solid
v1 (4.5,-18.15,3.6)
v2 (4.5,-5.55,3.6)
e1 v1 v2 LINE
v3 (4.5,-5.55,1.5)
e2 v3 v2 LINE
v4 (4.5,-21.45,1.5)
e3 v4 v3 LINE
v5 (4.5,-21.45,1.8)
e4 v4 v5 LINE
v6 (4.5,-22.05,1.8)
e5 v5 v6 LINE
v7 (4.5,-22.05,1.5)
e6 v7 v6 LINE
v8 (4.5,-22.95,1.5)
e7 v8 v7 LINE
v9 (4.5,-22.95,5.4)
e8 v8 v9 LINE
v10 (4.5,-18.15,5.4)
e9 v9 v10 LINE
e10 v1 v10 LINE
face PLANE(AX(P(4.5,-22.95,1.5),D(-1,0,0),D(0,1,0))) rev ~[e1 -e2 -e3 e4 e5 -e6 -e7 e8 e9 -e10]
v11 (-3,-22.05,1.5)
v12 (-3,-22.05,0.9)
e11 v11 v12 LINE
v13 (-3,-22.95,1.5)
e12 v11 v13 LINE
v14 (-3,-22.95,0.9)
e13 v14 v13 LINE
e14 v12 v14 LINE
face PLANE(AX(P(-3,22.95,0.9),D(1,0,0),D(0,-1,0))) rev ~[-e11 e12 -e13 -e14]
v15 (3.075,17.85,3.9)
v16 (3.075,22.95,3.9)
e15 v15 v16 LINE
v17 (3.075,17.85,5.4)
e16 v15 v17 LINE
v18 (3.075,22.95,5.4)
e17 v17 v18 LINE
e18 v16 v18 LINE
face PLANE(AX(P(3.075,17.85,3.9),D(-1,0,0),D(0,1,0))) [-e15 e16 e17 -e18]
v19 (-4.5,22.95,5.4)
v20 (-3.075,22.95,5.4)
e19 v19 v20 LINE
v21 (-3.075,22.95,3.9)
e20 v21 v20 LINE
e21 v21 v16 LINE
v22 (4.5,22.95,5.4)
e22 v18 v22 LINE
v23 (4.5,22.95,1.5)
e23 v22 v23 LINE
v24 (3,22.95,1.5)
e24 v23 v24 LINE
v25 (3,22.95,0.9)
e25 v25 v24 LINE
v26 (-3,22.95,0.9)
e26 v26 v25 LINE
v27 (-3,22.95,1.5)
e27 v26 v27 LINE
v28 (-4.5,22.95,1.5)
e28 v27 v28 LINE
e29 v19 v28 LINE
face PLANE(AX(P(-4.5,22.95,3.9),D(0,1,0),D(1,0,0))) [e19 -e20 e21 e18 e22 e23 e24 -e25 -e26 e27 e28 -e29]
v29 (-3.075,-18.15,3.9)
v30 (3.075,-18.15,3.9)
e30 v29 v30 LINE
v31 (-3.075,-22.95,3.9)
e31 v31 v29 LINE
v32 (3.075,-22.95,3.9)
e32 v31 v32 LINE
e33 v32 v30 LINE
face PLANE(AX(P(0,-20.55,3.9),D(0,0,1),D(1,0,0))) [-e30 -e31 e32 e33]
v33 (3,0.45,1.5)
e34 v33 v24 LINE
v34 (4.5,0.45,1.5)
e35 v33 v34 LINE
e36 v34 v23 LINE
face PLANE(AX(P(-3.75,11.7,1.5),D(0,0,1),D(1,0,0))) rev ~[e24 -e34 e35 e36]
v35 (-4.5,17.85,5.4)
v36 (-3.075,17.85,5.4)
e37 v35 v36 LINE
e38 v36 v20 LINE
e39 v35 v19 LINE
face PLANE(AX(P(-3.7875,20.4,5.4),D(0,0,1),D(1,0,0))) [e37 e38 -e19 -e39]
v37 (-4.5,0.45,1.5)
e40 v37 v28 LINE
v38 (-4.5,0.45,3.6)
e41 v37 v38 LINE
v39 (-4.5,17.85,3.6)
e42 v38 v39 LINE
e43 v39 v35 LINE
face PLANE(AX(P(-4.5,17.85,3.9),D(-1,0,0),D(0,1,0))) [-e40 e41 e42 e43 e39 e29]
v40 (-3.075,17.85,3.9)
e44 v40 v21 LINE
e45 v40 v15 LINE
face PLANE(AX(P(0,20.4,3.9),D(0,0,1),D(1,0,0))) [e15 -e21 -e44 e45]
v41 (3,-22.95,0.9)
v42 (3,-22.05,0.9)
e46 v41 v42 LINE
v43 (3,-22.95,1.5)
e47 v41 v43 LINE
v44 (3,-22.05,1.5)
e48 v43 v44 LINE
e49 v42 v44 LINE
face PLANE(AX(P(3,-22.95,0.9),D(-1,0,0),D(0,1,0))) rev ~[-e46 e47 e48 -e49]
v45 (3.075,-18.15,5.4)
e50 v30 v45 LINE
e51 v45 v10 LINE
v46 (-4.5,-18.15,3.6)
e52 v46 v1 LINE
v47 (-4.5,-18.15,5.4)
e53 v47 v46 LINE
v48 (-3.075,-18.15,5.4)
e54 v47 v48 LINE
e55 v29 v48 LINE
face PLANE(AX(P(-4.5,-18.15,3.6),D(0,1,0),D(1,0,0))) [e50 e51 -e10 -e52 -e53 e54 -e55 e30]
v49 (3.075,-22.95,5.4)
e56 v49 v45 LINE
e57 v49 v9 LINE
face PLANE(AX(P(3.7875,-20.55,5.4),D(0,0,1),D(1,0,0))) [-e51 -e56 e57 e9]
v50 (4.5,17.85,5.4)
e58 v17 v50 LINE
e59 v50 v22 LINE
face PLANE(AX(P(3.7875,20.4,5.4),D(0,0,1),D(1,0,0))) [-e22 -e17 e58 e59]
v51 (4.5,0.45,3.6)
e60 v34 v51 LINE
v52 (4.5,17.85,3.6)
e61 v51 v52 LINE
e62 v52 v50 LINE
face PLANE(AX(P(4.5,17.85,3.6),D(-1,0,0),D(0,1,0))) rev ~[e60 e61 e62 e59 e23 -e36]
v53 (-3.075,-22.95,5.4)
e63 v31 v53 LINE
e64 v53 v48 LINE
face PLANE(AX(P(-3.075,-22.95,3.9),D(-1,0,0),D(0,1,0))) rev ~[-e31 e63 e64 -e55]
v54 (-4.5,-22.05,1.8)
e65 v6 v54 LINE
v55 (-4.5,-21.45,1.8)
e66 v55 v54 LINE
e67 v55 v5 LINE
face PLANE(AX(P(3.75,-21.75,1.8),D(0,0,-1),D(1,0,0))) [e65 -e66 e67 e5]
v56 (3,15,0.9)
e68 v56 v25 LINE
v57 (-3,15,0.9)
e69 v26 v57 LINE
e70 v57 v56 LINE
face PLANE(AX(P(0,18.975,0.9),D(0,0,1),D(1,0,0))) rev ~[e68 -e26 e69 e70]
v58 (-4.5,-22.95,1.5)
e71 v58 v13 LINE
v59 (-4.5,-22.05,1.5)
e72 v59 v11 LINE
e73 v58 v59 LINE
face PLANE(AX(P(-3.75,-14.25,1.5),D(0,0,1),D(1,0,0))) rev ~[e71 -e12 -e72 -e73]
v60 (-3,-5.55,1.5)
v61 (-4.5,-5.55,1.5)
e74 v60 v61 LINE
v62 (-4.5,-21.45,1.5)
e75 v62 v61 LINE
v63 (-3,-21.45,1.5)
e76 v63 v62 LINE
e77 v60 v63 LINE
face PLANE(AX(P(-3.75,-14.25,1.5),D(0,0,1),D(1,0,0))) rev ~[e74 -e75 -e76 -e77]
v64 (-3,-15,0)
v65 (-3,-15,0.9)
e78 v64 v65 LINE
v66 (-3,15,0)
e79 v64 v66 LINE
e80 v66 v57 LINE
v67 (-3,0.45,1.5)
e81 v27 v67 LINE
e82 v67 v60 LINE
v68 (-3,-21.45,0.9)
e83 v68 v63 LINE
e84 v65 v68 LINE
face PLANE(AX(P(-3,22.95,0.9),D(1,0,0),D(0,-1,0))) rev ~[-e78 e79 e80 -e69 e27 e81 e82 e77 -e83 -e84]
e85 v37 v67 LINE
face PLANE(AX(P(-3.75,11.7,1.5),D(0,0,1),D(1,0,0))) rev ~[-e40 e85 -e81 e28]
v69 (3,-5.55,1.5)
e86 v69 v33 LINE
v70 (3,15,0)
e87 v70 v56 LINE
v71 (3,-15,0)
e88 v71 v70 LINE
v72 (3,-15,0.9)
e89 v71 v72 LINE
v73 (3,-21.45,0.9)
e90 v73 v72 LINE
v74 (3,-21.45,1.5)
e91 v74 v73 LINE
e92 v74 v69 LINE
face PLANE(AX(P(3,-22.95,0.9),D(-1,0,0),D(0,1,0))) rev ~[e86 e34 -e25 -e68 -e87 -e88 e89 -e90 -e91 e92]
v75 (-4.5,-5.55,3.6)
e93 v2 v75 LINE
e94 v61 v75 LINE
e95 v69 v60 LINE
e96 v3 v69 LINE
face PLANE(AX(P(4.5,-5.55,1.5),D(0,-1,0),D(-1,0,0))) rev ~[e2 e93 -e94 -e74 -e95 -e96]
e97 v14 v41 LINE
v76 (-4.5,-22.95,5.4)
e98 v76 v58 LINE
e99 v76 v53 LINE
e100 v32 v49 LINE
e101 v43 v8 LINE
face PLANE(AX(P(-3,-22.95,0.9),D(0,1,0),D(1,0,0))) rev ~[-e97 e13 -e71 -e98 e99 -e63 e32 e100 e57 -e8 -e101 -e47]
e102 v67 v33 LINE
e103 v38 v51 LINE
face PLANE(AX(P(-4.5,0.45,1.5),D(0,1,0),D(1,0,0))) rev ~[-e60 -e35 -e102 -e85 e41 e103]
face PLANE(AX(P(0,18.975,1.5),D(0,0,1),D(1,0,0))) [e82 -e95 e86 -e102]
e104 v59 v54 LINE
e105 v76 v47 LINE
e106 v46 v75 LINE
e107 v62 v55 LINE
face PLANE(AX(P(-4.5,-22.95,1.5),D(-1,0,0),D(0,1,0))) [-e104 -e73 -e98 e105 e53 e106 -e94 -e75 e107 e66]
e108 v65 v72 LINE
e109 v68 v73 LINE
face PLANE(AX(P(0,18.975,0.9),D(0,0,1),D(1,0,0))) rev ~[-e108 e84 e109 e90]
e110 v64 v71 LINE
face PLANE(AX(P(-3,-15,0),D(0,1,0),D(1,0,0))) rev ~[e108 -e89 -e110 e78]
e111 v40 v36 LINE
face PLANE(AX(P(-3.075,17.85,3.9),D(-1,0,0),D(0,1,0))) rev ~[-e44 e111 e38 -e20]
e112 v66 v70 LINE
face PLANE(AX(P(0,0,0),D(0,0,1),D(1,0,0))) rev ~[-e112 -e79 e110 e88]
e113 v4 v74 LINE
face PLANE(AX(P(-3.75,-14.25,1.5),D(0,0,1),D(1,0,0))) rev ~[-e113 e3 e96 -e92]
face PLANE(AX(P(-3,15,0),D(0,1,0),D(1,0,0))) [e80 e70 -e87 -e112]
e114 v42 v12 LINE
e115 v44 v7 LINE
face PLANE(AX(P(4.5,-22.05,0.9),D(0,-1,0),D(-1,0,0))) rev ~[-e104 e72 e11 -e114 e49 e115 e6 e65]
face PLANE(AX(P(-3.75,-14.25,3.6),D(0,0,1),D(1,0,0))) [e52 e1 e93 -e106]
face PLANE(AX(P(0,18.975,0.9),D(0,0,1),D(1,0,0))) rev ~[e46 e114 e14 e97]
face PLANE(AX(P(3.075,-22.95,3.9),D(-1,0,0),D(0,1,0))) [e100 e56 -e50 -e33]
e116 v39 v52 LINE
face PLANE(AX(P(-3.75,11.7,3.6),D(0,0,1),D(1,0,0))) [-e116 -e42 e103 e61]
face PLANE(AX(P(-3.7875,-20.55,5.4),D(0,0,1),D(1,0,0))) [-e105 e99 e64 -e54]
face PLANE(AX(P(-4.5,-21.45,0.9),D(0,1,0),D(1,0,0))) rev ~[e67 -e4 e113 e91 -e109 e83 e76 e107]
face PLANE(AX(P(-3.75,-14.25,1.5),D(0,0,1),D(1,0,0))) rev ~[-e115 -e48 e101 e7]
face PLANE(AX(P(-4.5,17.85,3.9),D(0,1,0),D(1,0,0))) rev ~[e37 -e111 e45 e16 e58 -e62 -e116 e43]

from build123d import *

# Parameters (mm, degrees)
F0_W      = 2
F0_H      = 10
F1_DEPTH  = 0.3
F2_W      = 2
F2_H      = 2.65
F2_H_2    = 10
F3_DEPTH  = 0.2
F4_W      = 0.5
F4_H      = 7.5
F4_H_2    = 5.8
F4_W_2    = 2
F5_DEPTH  = 0.7
F6_W      = 3
F6_H      = 1.7
F6_H_2    = 1.6
F7_DEPTH  = 0.1
F8_W      = 0.475
F8_H      = 1.7
F8_H_2    = 1.6
F9_DEPTH  = 0.5
F10_W     = 0.5
F10_H     = 0.2
F10_W_2   = 2
F11_DEPTH = 0.3
F12_SCALE = 3


with BuildPart() as f1:
    # F0 (on Top) → F1 (new body)
    with BuildSketch(Plane.XY):
        Rectangle(F0_W, F0_H)
    extrude(amount=F1_DEPTH)

    # F2 (on face) → F3 (join)
    with BuildSketch(Plane.XY.offset(0.3)):
        with Locations((0, 6.325)):
            Rectangle(F2_W, F2_H)
        Rectangle(F2_W, F2_H_2)
        with Locations((0, -6.325)):
            Rectangle(F2_W, F2_H)
    extrude(amount=F3_DEPTH)

    # F4 (on face) → F5 (join)
    with BuildSketch(Plane.XY.offset(0.5)):
        with Locations((-1.25, 3.9)):
            Rectangle(F4_W, F4_H)
        with Locations((1.25, 3.9)):
            Rectangle(F4_W, F4_H)
        with Locations((-1.25, -4.75)):
            Rectangle(F4_W, F4_H_2)
        with Locations((1.25, -4.75)):
            Rectangle(F4_W, F4_H_2)
        with Locations((0, 3.9)):
            Rectangle(F4_W_2, F4_H)
        with Locations((0, -4.75)):
            Rectangle(F4_W_2, F4_H_2)
    extrude(amount=F5_DEPTH)

    # F6 (on face) → F7 (join)
    with BuildSketch(Plane.XY.offset(1.2)):
        with Locations((0, 6.8)):
            Rectangle(F6_W, F6_H)
        with Locations((0, -6.85)):
            Rectangle(F6_W, F6_H_2)
    extrude(amount=F7_DEPTH)

    # F8 (on face) → F9 (join)
    with BuildSketch(Plane.XY.offset(1.3)):
        with Locations((-1.2625, 6.8)):
            Rectangle(F8_W, F8_H)
        with Locations((1.2625, 6.8)):
            Rectangle(F8_W, F8_H)
        with Locations((-1.2625, -6.85)):
            Rectangle(F8_W, F8_H_2)
        with Locations((1.2625, -6.85)):
            Rectangle(F8_W, F8_H_2)
    extrude(amount=F9_DEPTH)

    # F10 (on face) → F11 (cut)
    with BuildSketch(Plane(origin=(0, 0, 0.3), x_dir=(1, 0, 0), z_dir=(0, 0, -1))):
        with Locations((1.25, 7.25)):
            Rectangle(F10_W, F10_H)
        with Locations((-1.25, 7.25)):
            Rectangle(F10_W, F10_H)
        with Locations((0, 7.25)):
            Rectangle(F10_W_2, F10_H)
    extrude(amount=-F11_DEPTH, mode=Mode.SUBTRACT)


with BuildPart() as f1_1:
    # F12: moved
    add(f1.part.scale(F12_SCALE))


solid = f1_1.part
